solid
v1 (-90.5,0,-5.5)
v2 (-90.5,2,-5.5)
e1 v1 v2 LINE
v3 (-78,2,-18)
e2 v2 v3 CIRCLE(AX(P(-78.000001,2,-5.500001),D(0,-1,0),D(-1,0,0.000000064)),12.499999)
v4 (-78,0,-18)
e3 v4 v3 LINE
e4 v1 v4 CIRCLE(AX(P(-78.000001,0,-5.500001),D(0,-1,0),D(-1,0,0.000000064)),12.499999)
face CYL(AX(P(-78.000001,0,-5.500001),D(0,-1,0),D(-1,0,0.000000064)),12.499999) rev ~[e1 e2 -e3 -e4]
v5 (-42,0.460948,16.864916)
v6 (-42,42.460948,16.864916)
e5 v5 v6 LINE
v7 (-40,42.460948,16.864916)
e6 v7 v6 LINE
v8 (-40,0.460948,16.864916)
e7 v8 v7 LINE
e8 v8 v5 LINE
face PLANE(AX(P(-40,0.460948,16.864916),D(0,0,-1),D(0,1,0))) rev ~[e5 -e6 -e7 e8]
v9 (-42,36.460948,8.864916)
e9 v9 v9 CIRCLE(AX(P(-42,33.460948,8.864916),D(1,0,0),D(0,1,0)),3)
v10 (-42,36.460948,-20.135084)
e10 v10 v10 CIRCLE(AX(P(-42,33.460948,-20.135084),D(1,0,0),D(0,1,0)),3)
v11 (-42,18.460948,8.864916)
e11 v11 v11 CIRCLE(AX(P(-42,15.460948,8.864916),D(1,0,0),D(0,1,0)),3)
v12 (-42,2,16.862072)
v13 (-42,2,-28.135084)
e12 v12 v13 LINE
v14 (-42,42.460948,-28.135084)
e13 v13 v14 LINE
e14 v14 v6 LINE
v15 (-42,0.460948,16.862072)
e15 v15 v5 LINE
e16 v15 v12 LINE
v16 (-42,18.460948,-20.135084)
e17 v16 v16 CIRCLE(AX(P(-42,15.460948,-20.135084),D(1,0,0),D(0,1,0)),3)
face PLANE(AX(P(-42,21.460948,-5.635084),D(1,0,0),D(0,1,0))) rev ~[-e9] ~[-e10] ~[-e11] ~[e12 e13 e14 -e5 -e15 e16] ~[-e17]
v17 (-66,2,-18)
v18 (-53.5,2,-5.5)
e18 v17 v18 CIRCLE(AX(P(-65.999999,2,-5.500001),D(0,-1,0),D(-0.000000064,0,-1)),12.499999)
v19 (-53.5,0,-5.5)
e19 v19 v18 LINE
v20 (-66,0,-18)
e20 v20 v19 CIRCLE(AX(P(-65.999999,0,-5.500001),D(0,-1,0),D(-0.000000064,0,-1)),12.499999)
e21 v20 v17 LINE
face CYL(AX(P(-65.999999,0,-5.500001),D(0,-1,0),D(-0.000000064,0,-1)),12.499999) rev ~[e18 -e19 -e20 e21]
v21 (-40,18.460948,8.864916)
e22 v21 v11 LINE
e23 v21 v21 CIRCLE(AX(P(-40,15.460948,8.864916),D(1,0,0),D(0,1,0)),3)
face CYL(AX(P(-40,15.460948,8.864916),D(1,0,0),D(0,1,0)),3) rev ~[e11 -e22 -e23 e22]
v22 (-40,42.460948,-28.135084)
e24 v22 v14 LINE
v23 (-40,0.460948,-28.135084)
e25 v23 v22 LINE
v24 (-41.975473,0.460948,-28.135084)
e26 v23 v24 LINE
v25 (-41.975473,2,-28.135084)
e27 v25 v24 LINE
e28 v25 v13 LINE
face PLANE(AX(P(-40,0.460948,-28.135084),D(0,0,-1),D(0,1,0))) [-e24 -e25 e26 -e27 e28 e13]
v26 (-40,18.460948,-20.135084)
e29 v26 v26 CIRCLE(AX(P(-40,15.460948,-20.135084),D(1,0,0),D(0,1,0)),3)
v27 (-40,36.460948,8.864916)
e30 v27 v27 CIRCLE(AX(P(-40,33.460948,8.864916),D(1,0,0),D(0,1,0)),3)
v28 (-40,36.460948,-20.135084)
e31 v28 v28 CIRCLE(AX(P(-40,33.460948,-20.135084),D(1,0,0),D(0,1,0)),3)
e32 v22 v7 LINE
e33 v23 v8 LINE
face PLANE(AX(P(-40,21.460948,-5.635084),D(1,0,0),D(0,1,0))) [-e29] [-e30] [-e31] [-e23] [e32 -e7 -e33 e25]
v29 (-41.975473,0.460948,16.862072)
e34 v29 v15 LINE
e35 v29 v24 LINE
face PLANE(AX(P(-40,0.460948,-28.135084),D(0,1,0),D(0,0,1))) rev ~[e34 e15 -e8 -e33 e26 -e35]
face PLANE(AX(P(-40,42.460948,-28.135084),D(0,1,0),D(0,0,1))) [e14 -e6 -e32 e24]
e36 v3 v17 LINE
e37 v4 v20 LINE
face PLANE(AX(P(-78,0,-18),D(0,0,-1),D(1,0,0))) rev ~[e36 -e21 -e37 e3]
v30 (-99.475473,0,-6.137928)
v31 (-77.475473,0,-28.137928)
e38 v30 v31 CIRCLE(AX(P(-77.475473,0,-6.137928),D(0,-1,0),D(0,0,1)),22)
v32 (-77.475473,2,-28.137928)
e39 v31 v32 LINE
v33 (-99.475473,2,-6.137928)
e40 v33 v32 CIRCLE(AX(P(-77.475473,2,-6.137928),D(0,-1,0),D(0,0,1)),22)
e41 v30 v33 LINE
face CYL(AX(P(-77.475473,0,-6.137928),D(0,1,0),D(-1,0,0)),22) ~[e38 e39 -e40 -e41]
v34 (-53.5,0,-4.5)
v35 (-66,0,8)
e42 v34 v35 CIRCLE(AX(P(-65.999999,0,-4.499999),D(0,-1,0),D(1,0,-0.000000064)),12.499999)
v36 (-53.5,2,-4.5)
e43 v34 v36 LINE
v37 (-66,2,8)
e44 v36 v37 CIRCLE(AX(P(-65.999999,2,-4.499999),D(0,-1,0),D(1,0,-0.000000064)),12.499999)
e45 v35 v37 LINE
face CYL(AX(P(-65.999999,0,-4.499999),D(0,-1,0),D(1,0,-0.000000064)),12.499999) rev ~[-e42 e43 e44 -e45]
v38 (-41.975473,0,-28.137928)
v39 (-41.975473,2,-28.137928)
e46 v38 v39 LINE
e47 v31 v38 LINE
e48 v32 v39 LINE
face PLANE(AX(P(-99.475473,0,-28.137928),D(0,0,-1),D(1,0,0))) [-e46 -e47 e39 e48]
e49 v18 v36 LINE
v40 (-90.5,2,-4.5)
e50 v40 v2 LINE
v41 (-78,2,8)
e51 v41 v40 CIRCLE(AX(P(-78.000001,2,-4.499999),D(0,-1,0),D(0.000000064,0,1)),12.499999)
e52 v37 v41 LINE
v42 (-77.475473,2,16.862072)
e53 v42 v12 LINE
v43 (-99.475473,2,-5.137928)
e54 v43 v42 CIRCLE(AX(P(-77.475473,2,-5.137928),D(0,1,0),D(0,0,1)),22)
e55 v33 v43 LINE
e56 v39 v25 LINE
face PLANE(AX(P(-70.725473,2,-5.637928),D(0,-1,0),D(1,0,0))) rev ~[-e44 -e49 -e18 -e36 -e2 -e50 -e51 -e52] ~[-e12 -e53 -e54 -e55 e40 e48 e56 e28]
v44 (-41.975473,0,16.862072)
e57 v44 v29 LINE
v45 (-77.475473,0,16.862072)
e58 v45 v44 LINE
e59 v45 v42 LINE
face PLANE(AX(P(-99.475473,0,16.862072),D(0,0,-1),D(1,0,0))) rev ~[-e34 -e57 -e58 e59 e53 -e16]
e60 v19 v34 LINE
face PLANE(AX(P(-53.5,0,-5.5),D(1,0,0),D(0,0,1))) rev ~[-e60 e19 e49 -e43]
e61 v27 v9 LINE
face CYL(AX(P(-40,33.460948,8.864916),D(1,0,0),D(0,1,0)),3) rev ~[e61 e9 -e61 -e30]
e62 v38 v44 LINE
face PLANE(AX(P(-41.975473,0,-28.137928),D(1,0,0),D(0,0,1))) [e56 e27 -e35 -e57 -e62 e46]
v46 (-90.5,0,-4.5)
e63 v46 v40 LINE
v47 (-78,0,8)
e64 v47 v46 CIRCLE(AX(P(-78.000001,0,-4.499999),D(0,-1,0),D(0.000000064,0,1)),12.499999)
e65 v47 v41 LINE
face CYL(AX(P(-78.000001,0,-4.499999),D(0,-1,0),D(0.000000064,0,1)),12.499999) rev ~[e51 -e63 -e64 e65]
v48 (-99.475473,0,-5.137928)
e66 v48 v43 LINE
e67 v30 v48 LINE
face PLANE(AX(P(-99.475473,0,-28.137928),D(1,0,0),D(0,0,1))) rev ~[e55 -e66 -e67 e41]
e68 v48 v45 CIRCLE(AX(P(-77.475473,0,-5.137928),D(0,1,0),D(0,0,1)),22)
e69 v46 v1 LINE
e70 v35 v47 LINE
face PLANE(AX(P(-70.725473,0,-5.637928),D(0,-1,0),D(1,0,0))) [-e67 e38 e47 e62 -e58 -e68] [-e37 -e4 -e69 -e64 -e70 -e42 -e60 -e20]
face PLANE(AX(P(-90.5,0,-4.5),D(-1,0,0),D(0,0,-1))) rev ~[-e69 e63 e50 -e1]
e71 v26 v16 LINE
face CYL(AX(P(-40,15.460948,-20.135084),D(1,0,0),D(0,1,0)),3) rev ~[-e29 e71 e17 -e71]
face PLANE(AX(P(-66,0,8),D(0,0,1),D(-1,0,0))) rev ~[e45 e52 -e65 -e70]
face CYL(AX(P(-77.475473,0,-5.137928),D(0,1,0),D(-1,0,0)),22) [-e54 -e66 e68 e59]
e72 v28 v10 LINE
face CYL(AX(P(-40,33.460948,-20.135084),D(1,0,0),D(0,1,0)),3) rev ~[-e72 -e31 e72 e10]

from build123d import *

# Parameters (mm, degrees)
SKETCH017_W  = 42
SKETCH017_H  = 45
SKETCH017_R  = 3
PAD012_DEPTH = 2
SKETCH018_W  = 57.5
SKETCH018_H  = 45
PAD013_DEPTH = 2
FILLET_R     = 22


with BuildPart() as part:
    # Sketch017 → Pad012 (new body)
    with BuildSketch(Plane(origin=(-40, 3, -3), x_dir=(0, 1, 0), z_dir=(1, 0, 0))):
        with Locations((18.460948, -2.635084)):
            Rectangle(SKETCH017_W, SKETCH017_H)
        with Locations((12.460948, 11.864916)):
            Circle(SKETCH017_R, mode=Mode.SUBTRACT)
        with Locations((30.460948, 11.864916)):
            Circle(SKETCH017_R, mode=Mode.SUBTRACT)
        with Locations((30.460948, -17.135084)):
            Circle(SKETCH017_R, mode=Mode.SUBTRACT)
        with Locations((12.460948, -17.135084)):
            Circle(SKETCH017_R, mode=Mode.SUBTRACT)
    extrude(amount=-PAD012_DEPTH)

    # Sketch018 → Pad013 (join)
    with BuildSketch(Plane(origin=(-21, 0, -3), x_dir=(1, 0, 0), z_dir=(0, -1, 0))):
        with Locations((-49.725473, -2.637928)):
            Rectangle(SKETCH018_W, SKETCH018_H)
        with BuildLine():
            Line((-57, -15), (-45, -15))
            ThreePointArc((-45, -15), (-36.161165, -11.338835), (-32.5, -2.5))
            Line((-32.5, -2.5), (-32.5, -1.5))
            ThreePointArc((-32.5, -1.5), (-36.161165, 7.338835), (-45, 11))
            Line((-45, 11), (-57, 11))
            ThreePointArc((-57, 11), (-65.838835, 7.338835), (-69.5, -1.5))
            Line((-69.5, -1.5), (-69.5, -2.5))
            ThreePointArc((-69.5, -2.5), (-65.838835, -11.338835), (-57, -15))
        make_face(mode=Mode.SUBTRACT)
    extrude(amount=-PAD013_DEPTH)

    # Fillet
    fillet_edges = [part.edges().sort_by_distance(p)[0] for p in [
        (-99.475473, 1, -28.137928),
        (-99.475473, 1, 16.862072),
    ]]
    fillet(fillet_edges, radius=FILLET_R)


solid = part.part
